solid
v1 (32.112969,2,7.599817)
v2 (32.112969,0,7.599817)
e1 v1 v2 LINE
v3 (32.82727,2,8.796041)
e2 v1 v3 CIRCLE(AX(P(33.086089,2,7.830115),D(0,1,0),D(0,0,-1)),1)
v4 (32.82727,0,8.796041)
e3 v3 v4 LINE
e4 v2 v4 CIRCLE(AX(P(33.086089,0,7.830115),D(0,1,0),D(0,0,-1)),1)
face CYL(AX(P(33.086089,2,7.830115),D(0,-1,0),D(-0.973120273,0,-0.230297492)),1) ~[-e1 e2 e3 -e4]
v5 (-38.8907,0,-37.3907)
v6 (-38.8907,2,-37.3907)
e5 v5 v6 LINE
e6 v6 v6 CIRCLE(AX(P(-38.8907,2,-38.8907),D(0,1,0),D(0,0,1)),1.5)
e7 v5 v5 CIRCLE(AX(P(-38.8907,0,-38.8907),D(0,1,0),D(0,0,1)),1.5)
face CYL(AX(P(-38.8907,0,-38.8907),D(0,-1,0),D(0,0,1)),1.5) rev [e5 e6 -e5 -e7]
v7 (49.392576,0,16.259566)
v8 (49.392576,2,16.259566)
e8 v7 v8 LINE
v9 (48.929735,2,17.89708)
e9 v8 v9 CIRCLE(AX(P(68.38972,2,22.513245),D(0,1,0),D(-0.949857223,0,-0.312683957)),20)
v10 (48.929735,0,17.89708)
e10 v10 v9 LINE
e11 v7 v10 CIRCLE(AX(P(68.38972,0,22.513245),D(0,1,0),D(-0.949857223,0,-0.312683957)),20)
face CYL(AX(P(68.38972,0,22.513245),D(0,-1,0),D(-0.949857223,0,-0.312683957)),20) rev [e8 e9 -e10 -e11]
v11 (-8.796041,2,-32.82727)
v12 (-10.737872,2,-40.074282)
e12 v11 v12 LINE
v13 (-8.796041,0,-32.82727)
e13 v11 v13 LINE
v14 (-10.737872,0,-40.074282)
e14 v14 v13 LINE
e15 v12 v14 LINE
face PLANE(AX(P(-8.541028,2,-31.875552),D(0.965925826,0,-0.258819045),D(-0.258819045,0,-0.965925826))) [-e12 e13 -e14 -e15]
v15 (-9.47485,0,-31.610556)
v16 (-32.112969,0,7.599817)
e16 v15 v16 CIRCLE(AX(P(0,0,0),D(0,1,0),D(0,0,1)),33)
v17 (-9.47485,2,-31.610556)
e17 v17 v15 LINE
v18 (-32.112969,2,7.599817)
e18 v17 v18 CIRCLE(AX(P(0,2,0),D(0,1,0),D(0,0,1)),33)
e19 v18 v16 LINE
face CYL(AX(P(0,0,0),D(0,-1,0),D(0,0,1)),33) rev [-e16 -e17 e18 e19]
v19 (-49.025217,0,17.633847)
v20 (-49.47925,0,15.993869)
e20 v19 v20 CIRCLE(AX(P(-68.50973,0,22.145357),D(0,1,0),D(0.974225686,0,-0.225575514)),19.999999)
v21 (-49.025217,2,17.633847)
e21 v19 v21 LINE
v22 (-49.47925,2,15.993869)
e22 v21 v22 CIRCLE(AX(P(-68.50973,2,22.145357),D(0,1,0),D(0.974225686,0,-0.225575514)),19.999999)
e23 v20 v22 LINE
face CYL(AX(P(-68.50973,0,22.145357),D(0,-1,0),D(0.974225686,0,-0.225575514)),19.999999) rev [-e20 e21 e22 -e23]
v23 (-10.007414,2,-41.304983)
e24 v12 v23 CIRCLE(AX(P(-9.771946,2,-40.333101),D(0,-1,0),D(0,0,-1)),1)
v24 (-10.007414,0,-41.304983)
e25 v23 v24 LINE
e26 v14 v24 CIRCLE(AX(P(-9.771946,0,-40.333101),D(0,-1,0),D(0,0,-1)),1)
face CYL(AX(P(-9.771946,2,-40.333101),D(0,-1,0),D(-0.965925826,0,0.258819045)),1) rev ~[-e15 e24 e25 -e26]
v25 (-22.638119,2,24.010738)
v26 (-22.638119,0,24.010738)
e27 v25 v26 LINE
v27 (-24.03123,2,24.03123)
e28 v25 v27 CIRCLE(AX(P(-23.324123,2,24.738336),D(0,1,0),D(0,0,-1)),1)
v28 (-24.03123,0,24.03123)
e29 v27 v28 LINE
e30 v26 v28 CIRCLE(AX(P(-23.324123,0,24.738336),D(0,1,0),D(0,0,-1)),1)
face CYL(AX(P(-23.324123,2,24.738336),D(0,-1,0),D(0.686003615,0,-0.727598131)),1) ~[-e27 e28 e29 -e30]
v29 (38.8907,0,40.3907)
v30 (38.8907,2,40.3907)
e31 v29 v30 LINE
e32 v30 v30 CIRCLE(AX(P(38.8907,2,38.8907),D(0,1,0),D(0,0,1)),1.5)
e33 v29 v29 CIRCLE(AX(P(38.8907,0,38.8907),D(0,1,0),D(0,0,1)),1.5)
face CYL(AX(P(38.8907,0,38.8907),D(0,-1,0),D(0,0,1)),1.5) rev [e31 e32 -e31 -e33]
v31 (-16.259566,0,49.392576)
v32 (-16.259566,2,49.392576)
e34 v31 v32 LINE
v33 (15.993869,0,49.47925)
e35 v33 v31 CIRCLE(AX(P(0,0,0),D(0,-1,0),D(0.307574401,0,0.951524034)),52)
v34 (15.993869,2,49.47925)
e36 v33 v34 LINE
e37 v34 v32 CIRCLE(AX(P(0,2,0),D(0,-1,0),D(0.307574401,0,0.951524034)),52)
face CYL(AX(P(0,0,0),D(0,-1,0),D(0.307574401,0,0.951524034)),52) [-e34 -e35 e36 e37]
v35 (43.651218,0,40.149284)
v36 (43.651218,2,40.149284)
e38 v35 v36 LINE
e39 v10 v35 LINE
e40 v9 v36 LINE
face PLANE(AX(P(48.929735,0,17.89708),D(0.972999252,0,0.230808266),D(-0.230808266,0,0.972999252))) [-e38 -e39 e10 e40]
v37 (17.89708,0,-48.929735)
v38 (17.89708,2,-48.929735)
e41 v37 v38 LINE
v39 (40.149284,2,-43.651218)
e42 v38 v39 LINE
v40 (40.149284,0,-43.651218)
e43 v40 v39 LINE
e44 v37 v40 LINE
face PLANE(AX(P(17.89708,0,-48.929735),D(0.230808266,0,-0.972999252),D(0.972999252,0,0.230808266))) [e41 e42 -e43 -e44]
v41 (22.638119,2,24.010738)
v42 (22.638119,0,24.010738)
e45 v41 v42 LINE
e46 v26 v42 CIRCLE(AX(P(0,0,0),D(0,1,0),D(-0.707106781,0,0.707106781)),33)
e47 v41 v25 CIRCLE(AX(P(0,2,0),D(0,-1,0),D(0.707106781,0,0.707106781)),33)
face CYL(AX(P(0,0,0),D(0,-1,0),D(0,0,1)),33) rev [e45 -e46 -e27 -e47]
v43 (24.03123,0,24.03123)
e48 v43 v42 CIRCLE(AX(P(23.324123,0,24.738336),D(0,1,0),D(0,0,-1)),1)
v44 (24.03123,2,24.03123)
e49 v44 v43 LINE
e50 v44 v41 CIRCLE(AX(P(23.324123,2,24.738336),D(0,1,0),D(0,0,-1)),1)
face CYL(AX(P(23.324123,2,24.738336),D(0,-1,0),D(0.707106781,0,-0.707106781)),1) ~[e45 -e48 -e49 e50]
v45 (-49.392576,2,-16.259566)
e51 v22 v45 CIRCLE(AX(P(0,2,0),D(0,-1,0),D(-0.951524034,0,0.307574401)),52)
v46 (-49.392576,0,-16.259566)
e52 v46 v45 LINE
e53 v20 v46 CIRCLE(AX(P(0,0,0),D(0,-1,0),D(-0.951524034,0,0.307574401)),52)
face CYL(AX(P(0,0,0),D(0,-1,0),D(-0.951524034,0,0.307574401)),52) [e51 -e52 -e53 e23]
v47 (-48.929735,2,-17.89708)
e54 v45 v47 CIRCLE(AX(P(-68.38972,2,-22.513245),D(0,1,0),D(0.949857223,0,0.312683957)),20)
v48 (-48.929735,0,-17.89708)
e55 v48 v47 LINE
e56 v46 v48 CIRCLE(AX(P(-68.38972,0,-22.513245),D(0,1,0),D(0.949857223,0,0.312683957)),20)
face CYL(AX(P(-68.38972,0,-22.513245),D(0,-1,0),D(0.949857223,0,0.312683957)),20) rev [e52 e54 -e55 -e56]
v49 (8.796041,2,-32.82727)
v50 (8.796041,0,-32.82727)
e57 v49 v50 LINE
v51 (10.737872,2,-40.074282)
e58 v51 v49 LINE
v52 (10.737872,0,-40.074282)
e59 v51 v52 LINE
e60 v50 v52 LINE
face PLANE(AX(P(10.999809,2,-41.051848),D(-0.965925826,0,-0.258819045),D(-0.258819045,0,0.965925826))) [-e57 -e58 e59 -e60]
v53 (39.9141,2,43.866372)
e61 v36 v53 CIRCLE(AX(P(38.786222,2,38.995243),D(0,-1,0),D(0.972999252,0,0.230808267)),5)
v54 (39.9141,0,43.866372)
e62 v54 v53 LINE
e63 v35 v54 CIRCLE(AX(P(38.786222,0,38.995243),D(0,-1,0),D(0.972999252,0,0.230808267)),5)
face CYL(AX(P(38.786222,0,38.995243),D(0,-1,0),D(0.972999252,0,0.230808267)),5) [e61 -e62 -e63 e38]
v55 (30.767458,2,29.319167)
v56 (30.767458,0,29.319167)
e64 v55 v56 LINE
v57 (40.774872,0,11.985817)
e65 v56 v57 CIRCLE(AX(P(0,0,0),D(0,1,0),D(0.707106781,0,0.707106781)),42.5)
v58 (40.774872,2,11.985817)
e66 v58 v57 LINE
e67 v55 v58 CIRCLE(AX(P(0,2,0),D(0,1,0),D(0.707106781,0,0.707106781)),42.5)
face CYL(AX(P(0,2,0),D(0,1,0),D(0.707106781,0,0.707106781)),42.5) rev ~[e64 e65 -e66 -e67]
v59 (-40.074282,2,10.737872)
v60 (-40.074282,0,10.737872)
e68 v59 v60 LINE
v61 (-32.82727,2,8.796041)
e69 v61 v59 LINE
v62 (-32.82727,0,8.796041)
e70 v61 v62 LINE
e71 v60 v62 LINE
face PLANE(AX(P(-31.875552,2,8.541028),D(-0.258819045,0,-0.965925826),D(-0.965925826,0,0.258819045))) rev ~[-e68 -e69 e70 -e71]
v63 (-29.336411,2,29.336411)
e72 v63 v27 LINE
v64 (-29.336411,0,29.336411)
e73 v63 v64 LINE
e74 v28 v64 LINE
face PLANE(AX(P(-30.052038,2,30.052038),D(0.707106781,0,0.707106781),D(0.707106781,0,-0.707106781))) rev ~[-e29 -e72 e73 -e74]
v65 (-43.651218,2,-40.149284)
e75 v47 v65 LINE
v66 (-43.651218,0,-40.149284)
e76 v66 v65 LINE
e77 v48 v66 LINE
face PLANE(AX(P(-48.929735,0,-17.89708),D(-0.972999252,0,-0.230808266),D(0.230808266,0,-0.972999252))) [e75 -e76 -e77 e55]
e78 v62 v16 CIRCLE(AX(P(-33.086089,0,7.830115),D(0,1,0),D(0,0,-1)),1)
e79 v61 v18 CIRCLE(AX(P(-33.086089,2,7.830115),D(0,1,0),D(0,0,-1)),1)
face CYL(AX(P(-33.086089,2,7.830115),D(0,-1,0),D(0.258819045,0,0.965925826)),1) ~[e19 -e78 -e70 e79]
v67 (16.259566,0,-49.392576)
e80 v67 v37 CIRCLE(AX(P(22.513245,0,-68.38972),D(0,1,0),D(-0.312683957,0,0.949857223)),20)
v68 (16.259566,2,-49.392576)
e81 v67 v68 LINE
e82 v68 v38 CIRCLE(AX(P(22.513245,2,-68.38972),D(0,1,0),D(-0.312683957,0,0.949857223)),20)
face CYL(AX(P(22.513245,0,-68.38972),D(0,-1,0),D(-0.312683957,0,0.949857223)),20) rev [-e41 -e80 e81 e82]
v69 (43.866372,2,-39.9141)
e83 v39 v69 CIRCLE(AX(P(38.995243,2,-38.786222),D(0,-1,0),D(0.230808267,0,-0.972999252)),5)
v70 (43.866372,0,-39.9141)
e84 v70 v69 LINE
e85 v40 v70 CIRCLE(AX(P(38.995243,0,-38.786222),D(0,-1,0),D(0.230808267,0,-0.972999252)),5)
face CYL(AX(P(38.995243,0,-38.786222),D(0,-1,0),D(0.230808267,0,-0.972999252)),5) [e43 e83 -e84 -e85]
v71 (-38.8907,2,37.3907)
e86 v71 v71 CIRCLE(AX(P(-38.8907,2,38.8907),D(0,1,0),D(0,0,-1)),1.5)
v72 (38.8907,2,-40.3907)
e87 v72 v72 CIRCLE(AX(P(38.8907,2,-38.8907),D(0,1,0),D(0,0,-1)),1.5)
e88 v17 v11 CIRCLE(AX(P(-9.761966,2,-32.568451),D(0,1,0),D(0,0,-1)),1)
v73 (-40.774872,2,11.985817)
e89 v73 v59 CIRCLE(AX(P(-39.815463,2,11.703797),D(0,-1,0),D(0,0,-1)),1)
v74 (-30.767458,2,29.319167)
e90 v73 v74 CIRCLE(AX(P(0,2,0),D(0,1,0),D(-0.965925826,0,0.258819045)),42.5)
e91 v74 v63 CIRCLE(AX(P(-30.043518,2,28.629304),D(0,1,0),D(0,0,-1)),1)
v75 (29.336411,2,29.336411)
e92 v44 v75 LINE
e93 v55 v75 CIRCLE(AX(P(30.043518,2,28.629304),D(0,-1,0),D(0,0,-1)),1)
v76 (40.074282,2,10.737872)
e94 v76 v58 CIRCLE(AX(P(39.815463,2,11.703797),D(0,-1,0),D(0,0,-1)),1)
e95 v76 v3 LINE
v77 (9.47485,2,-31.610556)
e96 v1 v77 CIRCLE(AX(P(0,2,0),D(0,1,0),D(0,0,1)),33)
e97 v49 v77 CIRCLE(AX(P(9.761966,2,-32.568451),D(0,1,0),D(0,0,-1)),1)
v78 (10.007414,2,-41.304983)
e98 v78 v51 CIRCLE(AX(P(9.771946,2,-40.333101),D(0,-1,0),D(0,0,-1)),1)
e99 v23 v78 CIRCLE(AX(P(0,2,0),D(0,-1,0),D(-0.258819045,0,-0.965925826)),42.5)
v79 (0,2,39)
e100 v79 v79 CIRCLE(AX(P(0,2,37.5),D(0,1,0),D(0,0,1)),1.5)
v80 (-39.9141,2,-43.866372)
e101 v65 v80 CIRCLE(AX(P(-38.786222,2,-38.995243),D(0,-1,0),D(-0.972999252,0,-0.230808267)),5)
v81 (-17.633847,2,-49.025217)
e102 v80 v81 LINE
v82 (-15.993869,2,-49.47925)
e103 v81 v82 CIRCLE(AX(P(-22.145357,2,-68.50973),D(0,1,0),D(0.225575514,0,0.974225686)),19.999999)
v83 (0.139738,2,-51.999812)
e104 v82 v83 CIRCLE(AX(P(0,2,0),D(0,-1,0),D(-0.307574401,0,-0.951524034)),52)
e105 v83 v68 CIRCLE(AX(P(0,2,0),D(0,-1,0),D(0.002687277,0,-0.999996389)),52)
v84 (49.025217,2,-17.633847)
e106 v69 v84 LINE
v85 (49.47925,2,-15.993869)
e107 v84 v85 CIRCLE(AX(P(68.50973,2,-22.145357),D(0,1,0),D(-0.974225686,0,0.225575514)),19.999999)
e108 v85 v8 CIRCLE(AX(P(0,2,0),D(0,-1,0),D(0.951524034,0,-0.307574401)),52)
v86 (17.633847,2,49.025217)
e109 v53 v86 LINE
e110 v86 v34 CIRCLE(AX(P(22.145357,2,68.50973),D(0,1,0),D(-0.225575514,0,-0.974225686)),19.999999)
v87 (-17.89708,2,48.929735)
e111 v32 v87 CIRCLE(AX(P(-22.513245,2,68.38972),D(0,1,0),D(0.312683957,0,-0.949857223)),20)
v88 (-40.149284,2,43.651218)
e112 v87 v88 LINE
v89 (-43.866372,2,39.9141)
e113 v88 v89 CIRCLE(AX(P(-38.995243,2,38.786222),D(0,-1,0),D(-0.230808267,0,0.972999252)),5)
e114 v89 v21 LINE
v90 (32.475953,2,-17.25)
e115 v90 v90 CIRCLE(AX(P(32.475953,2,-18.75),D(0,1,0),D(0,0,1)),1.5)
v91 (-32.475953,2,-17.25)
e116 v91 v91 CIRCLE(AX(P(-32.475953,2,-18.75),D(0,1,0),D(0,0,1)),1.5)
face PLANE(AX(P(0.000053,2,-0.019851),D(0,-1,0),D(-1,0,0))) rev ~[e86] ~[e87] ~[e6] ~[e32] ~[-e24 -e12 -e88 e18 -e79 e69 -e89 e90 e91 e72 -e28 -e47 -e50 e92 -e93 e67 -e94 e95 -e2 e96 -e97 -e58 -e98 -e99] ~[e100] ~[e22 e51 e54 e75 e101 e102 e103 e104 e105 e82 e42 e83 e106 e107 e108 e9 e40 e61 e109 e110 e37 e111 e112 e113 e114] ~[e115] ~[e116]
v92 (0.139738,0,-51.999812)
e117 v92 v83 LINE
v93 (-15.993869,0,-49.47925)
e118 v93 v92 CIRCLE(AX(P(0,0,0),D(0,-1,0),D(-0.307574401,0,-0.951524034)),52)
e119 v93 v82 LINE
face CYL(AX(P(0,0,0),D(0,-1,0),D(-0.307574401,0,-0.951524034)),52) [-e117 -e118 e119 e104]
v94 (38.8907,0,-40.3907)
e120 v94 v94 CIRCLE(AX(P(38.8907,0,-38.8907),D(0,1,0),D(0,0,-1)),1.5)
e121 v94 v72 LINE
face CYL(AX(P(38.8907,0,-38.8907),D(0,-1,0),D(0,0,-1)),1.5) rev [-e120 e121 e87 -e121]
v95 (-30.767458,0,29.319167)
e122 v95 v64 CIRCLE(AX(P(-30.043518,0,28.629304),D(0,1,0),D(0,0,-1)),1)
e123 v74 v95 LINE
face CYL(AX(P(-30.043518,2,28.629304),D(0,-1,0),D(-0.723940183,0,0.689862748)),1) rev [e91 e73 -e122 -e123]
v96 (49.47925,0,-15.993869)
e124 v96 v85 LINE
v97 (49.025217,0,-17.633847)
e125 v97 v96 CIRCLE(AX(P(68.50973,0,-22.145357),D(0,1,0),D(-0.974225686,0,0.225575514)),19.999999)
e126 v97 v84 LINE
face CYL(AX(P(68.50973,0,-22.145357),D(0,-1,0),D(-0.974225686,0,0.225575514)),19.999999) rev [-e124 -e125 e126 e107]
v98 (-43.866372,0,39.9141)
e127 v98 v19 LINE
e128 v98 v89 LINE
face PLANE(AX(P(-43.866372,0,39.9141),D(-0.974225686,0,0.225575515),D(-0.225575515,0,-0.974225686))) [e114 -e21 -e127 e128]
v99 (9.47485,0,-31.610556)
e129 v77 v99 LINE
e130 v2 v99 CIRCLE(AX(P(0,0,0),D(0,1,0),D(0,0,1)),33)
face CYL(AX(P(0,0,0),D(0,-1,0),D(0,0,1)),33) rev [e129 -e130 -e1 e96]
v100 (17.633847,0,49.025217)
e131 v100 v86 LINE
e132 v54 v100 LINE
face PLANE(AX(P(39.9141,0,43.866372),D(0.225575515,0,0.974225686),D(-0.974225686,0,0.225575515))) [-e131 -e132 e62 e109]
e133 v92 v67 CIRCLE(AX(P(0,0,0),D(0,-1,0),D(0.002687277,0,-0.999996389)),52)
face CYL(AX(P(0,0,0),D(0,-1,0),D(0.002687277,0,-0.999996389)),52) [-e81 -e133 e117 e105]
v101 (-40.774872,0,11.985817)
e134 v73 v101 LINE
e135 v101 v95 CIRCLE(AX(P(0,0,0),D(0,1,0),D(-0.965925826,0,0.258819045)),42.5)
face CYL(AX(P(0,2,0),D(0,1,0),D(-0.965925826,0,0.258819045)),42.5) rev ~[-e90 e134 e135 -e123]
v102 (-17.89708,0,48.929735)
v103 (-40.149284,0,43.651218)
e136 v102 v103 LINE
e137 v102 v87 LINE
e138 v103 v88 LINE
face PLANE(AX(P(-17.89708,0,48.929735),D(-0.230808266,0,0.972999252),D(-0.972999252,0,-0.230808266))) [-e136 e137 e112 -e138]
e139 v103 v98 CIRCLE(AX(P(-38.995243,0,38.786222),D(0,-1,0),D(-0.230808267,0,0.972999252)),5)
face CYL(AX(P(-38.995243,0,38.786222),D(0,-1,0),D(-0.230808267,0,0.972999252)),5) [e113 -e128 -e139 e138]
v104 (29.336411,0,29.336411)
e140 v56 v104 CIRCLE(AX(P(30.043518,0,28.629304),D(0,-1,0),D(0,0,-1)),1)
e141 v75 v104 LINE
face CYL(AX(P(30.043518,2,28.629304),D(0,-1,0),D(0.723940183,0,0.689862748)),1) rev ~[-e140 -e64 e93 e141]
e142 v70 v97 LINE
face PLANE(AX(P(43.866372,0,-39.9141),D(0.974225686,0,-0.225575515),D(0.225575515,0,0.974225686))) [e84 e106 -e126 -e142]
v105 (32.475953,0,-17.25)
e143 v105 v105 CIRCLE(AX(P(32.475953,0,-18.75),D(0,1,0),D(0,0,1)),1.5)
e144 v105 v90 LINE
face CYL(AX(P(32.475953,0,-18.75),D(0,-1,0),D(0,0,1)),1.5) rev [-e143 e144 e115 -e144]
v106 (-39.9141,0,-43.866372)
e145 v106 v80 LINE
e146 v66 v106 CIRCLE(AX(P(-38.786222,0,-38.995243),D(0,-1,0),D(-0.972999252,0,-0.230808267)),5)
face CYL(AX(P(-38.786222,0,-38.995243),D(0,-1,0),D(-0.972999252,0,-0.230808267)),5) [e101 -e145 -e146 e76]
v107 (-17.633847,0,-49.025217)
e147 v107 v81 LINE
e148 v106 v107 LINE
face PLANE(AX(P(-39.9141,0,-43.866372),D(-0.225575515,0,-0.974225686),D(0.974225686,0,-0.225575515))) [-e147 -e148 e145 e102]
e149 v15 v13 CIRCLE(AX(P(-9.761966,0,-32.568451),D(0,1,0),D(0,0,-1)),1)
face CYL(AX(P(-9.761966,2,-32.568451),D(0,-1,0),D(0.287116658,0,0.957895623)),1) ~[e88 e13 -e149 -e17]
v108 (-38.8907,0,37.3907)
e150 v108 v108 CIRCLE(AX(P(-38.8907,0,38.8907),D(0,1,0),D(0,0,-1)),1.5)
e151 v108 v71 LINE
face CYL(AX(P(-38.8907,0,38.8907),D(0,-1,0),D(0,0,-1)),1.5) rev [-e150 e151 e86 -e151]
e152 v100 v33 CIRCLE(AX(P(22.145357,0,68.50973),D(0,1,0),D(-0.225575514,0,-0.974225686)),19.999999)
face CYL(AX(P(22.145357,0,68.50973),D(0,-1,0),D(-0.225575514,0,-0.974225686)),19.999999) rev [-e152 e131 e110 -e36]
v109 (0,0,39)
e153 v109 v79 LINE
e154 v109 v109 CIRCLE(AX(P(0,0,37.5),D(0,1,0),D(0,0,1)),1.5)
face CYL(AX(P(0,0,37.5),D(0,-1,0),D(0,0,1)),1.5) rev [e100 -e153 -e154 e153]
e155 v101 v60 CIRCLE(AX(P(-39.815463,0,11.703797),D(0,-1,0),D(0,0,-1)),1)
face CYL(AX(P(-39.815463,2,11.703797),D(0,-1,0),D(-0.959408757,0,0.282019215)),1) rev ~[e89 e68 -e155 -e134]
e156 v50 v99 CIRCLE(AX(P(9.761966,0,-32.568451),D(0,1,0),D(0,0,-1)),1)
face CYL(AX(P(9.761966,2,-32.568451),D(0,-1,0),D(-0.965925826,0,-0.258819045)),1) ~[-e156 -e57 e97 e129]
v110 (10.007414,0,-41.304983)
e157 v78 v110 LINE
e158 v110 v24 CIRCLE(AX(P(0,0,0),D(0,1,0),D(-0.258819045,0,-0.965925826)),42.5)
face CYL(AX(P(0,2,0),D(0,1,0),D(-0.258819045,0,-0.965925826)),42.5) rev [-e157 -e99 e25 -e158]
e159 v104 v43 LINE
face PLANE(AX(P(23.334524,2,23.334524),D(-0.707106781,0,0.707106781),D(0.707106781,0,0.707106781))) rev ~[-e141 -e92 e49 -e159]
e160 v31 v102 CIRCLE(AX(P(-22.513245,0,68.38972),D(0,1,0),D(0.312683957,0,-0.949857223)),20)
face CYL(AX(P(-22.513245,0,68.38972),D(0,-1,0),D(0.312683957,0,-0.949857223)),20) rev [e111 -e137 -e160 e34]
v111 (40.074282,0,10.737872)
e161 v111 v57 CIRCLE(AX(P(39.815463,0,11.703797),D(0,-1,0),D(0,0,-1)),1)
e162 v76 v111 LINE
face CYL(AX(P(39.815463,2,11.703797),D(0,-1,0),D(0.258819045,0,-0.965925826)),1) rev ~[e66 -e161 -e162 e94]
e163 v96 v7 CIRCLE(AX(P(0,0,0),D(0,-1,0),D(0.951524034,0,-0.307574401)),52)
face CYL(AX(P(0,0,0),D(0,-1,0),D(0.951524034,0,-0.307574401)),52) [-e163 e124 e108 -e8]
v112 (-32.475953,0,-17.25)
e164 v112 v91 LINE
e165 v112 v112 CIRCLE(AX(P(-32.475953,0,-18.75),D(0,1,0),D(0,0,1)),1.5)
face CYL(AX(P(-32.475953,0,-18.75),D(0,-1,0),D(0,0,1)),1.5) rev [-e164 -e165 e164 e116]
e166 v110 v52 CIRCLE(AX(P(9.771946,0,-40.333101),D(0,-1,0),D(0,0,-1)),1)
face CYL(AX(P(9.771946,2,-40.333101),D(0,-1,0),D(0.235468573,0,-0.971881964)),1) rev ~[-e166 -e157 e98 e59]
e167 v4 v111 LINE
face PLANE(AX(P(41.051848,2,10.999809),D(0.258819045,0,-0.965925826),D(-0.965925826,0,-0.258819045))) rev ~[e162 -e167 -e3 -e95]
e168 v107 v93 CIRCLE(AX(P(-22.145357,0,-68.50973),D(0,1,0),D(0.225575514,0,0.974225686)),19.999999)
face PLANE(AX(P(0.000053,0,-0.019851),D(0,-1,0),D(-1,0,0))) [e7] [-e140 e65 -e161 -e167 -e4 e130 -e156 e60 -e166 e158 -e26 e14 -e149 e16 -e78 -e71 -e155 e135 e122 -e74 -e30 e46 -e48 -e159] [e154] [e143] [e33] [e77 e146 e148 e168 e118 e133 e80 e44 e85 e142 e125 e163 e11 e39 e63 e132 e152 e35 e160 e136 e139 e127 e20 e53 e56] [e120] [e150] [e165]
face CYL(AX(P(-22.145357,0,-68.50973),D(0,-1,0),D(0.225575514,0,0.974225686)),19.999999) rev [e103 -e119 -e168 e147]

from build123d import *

# Parameters (mm, degrees)
SKETCH1_R           = 1.5
SKETCH1_R_2         = 33
BOSS_EXTRUDE1_DEPTH = 2
CUT_EXTRUDE1_DEPTH  = 74.566296631
FILLET1_R           = 1


with BuildPart() as part:
    # Sketch1 → Boss-Extrude1 (new body)
    with BuildSketch(Plane(origin=(0, 0, 0), x_dir=(1, 0, 0), z_dir=(0, 1, 0))):
        with BuildLine():
            Line((17.897079586, 48.929734976), (40.149284407, 43.651218265))
            ThreePointArc((40.149284407, 43.651218265), (42.540265174, 42.312242187), (43.866371506, 39.91409958))
            Line((43.866371506, 39.91409958), (49.02521675, 17.633846579))
            ThreePointArc((49.02521675, 17.633846579), (49.23478351, 16.809026698), (49.479249782, 15.993868858))
            ThreePointArc((49.479249782, 15.993868858), (51.999812242, -0.139738387), (49.392575566, -16.259565766))
            ThreePointArc((49.392575566, -16.259565766), (49.143731732, -17.073397941), (48.929734976, -17.897079586))
            Line((48.929734976, -17.897079586), (43.651218265, -40.149284407))
            ThreePointArc((43.651218265, -40.149284407), (42.312242187, -42.540265174), (39.91409958, -43.866371506))
            Line((39.91409958, -43.866371506), (17.633846579, -49.02521675))
            ThreePointArc((17.633846579, -49.02521675), (16.809026698, -49.23478351), (15.993868858, -49.479249782))
            ThreePointArc((15.993868858, -49.479249782), (-0.139738387, -51.999812242), (-16.259565766, -49.392575566))
            ThreePointArc((-16.259565766, -49.392575566), (-17.073397941, -49.143731732), (-17.897079586, -48.929734976))
            Line((-17.897079586, -48.929734976), (-40.149284407, -43.651218265))
            ThreePointArc((-40.149284407, -43.651218265), (-42.540265174, -42.312242187), (-43.866371506, -39.91409958))
            Line((-43.866371506, -39.91409958), (-49.02521675, -17.633846579))
            ThreePointArc((-49.02521675, -17.633846579), (-49.23478351, -16.809026698), (-49.479249782, -15.993868858))
            ThreePointArc((-49.479249782, -15.993868858), (-51.999812242, 0.139738387), (-49.392575566, 16.259565766))
            ThreePointArc((-49.392575566, 16.259565766), (-49.143731732, 17.073397941), (-48.929734976, 17.897079586))
            Line((-48.929734976, 17.897079586), (-43.651218265, 40.149284407))
            ThreePointArc((-43.651218265, 40.149284407), (-42.312242187, 42.540265174), (-39.91409958, 43.866371506))
            Line((-39.91409958, 43.866371506), (-17.633846579, 49.02521675))
            ThreePointArc((-17.633846579, 49.02521675), (-16.809026698, 49.23478351), (-15.993868858, 49.479249782))
            ThreePointArc((-15.993868858, 49.479249782), (-8.026622704, 51.3767781), (0.139738387, 51.999812242))
            ThreePointArc((0.139738387, 51.999812242), (8.302633013, 51.332896714), (16.259565766, 49.392575566))
            ThreePointArc((16.259565766, 49.392575566), (17.073397941, 49.143731732), (17.897079586, 48.929734976))
        make_face()
        with Locations(Location((-38.8907, 38.8907, 0), (0, 0, 270))):
            Circle(SKETCH1_R, mode=Mode.SUBTRACT)
        with Locations(Location((38.8907, 38.8907, 0), (0, 0, 90))):
            Circle(SKETCH1_R, mode=Mode.SUBTRACT)
        with Locations(Location((38.8907, -38.8907, 0), (0, 0, 270))):
            Circle(SKETCH1_R, mode=Mode.SUBTRACT)
        with Locations(Location((-38.8907, -38.8907, 0), (0, 0, 90))):
            Circle(SKETCH1_R, mode=Mode.SUBTRACT)
        with Locations(Location((0, 0, 0), (0, 0, 270))):
            Circle(SKETCH1_R_2, mode=Mode.SUBTRACT)
        with Locations(Location((-32.475952642, 18.75, 0), (0, 0, 270))):
            Circle(SKETCH1_R, mode=Mode.SUBTRACT)
        with Locations(Location((0, -37.5, 0), (0, 0, 270))):
            Circle(SKETCH1_R, mode=Mode.SUBTRACT)
        with Locations(Location((32.475952642, 18.75, 0), (0, 0, 270))):
            Circle(SKETCH1_R, mode=Mode.SUBTRACT)
    extrude(amount=BOSS_EXTRUDE1_DEPTH)

    # Sketch2 → Cut-Extrude1 (cut, through all)
    with BuildSketch(Plane(origin=(0, 2, 0), x_dir=(1, 0, 0), z_dir=(0, 1, 0))):
        with BuildLine():
            Line((-8.541028488, 31.875552268), (-10.999809417, 41.051847617))
            ThreePointArc((-10.999809417, 41.051847617), (0, 42.5), (10.999809417, 41.051847617))
            Line((10.999809417, 41.051847617), (8.541028488, 31.875552268))
            ThreePointArc((8.541028488, 31.875552268), (0, 33), (-8.541028488, 31.875552268))
        make_face()
        with BuildLine():
            Line((-31.875552268, -8.541028488), (-41.051847617, -10.999809417))
            ThreePointArc((-41.051847617, -10.999809417), (-36.806079661, -21.25), (-30.0520382, -30.0520382))
            Line((-30.0520382, -30.0520382), (-23.334523779, -23.334523779))
            ThreePointArc((-23.334523779, -23.334523779), (-28.578838325, -16.5), (-31.875552268, -8.541028488))
        make_face()
        with BuildLine():
            Line((23.334523779, -23.334523779), (30.0520382, -30.0520382))
            ThreePointArc((30.0520382, -30.0520382), (36.806079661, -21.25), (41.051847617, -10.999809417))
            Line((41.051847617, -10.999809417), (31.875552268, -8.541028488))
            ThreePointArc((31.875552268, -8.541028488), (28.578838325, -16.5), (23.334523779, -23.334523779))
        make_face()
    extrude(amount=-CUT_EXTRUDE1_DEPTH, mode=Mode.SUBTRACT)

    # Fillet1
    fillet1_edges = [part.edges().sort_by_distance(p)[0] for p in [
        (8.541028488, 1, -31.875552268),
        (-8.541028488, 1, -31.875552268),
        (-10.999809417, 1, -41.051847617),
        (10.999809417, 1, -41.051847617),
        (-31.875552268, 1, 8.541028488),
        (-23.334523779, 1, 23.334523779),
        (-30.0520382, 1, 30.0520382),
        (-41.051847617, 1, 10.999809417),
        (23.334523779, 1, 23.334523779),
        (31.875552268, 1, 8.541028488),
        (41.051847617, 1, 10.999809417),
        (30.0520382, 1, 30.0520382),
    ]]
    fillet(fillet1_edges, radius=FILLET1_R)


solid = part.part
